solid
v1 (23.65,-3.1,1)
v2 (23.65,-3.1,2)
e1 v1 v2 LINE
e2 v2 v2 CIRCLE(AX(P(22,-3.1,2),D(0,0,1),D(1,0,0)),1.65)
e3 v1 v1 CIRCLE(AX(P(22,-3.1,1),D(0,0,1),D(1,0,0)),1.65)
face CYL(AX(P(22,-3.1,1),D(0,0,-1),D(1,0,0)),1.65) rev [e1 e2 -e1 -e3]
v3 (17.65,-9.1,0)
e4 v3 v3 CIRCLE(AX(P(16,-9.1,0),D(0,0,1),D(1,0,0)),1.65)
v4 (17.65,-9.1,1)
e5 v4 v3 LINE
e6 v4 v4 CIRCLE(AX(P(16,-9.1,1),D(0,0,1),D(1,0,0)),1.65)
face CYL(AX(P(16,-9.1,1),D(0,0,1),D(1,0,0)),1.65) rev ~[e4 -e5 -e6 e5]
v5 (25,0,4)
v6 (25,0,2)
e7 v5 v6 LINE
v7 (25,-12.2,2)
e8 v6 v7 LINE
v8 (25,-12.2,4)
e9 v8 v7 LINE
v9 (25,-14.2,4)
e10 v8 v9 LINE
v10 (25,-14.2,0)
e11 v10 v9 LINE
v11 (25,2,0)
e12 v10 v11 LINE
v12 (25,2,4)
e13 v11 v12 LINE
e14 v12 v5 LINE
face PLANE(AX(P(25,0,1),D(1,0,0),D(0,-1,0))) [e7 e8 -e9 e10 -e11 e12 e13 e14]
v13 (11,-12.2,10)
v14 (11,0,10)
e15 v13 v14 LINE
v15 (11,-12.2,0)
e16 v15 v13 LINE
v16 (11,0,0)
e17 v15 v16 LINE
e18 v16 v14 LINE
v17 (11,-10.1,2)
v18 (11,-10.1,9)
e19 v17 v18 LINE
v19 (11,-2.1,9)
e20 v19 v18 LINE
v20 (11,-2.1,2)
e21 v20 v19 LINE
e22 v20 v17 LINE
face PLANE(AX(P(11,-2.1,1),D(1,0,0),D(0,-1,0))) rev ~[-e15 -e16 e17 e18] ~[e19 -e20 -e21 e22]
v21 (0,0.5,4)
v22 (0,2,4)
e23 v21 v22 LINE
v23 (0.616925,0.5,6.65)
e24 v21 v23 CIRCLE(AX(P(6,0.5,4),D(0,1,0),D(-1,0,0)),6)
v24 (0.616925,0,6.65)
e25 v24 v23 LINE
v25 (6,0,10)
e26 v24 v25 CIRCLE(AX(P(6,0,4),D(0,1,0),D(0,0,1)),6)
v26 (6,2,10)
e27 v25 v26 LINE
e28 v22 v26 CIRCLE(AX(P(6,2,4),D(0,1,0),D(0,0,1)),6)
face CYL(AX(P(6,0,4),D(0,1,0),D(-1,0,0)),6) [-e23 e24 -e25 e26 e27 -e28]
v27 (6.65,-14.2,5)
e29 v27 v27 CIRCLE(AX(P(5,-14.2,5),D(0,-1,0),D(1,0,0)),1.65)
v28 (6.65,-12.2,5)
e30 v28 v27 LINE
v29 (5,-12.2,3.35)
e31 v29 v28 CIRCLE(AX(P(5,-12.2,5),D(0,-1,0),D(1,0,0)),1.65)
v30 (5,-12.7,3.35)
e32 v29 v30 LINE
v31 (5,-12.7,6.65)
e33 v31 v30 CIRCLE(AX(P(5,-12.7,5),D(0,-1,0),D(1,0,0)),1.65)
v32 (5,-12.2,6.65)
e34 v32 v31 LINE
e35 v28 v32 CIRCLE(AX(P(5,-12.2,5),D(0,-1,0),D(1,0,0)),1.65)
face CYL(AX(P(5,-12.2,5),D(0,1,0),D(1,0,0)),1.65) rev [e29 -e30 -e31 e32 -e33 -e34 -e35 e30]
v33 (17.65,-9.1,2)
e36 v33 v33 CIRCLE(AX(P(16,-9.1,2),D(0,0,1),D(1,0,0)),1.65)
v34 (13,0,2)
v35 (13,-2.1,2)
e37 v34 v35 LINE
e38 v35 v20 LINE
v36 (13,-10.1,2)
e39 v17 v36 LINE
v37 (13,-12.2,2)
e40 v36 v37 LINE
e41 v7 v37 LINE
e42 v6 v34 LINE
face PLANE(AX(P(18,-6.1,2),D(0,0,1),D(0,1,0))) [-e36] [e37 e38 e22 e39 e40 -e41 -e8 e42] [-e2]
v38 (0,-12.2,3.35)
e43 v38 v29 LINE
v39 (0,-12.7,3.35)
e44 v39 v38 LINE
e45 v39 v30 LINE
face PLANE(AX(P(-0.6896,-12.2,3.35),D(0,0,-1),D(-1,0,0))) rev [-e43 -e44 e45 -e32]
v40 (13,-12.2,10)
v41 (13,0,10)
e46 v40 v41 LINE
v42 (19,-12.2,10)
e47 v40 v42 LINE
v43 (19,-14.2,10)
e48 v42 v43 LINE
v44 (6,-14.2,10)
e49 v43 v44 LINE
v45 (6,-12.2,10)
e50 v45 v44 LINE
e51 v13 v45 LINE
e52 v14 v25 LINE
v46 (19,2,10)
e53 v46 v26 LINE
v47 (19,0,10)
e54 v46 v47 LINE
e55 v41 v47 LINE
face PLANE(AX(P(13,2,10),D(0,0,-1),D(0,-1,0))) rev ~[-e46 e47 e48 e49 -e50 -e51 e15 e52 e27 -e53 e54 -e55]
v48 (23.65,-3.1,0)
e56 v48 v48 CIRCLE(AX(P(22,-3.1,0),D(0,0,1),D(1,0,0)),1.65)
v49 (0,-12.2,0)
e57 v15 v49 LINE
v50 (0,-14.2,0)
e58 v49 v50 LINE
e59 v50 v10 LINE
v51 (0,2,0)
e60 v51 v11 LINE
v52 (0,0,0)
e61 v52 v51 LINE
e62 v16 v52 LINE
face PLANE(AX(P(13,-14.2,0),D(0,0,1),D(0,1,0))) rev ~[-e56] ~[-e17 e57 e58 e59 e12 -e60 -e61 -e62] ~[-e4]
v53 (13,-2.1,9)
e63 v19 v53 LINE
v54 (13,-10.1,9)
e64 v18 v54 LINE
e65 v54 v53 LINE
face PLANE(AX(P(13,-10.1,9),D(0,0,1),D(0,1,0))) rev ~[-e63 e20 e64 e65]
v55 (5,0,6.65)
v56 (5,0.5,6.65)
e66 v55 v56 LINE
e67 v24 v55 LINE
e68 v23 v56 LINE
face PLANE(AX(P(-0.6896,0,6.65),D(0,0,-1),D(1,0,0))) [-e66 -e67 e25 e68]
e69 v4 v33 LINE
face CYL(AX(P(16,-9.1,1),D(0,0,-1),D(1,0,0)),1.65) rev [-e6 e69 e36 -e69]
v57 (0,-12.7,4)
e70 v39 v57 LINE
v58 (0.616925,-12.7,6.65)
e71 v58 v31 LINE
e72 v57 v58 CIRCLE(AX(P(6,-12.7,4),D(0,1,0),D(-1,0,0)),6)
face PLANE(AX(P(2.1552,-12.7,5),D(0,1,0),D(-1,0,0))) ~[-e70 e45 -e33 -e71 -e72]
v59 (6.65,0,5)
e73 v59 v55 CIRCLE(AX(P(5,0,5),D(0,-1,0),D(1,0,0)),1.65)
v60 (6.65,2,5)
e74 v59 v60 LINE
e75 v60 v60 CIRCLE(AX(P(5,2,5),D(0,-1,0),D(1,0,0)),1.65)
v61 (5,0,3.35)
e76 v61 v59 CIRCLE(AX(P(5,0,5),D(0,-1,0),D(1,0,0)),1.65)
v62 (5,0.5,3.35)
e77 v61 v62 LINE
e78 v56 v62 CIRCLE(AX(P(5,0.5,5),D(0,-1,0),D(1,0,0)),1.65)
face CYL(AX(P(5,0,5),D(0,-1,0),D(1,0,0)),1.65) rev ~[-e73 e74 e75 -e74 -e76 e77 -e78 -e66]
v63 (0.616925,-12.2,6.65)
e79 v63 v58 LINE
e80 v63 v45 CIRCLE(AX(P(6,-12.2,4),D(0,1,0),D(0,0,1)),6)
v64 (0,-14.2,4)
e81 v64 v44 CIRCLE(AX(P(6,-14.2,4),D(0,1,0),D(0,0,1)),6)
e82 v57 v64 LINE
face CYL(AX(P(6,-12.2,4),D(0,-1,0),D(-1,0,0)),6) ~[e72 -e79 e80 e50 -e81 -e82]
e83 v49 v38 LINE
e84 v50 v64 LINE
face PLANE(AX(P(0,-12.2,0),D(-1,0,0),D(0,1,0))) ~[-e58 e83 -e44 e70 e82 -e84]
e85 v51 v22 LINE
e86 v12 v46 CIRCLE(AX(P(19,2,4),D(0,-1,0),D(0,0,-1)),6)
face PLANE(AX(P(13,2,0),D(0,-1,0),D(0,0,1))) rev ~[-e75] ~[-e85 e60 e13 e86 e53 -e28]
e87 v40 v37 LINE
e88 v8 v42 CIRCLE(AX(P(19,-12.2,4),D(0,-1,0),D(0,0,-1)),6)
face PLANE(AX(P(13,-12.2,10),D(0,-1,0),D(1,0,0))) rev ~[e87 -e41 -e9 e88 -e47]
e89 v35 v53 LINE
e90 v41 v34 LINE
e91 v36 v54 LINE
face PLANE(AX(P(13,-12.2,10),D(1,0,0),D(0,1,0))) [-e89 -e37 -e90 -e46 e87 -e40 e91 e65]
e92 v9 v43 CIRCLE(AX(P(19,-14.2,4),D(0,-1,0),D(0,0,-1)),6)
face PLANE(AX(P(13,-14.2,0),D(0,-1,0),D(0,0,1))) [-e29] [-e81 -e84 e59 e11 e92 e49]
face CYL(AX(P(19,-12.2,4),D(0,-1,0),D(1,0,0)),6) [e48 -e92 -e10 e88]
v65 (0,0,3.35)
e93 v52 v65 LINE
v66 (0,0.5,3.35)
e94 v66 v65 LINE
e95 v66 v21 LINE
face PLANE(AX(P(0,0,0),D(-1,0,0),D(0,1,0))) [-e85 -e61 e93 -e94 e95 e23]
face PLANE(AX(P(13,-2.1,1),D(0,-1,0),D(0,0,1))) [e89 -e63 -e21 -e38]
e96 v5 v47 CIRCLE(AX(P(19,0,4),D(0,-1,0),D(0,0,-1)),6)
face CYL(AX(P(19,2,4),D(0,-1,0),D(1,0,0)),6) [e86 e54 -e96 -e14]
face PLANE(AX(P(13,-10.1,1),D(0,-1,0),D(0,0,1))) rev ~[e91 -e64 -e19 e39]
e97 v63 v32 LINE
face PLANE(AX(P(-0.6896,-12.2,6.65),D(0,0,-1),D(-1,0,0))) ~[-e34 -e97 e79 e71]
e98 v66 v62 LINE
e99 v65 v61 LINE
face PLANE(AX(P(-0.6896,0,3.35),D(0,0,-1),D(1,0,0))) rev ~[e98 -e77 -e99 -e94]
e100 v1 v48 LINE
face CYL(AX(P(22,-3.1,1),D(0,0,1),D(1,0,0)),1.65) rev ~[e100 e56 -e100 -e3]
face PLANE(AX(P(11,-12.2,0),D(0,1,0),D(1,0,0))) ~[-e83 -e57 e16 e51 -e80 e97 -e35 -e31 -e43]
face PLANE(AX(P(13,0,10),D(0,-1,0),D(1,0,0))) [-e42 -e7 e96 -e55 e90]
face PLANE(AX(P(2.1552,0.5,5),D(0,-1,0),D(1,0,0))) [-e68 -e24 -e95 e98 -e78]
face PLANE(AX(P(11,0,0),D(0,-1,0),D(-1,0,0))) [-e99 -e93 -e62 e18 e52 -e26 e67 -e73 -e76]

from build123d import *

# Parameters (mm, degrees)
EXTRUDE_2_DEPTH     = 10
SKETCH_3_R          = 1.5
EXTRUDE_3_DEPTH     = 1.5
SKETCH_5_R          = 1.65
CUT_EXTRUDE_2_DEPTH = 27.084669827
FILLET_1_R          = 6
SKETCH_6_W          = 10
SKETCH_6_H          = 1
SKETCH_6_W_2        = 5
EXTRUDE_4_DEPTH     = 4
SKETCH_7_W          = 5.689599517
SKETCH_7_H          = 3.3
CUT_EXTRUDE_3_DEPTH = 0.5
SKETCH_8_W          = 14.19653451
SKETCH_8_H          = 16.2
CUT_EXTRUDE_4_DEPTH = 30.624989451
MOVE_FACE_1_BY      = 12
CUT_EXTRUDE_5_REACH = 32.441
SKETCH_9_W          = 16.770919553
SKETCH_9_H          = 12.2
SKETCH_10_R         = 1.65
CUT_EXTRUDE_6_DEPTH = 31.127064245
FILLET_2_R          = 6
MOVE_FACE_2_BY      = 1


with BuildPart() as part:
    # Эскиз2 → Бобышка-Вытянуть2 (new body)
    with BuildSketch(Plane.XY):
        Polygon((0, 0), (0, 2), (13, 2), (13, -0.1), (24, -0.1), (24, -2.1), (11, -2.1), (11, 0), align=None)
    extrude(amount=EXTRUDE_2_DEPTH)

    # Эскиз3 → Бобышка-Вытянуть3 (add)
    with BuildSketch(Plane(origin=(0, -0.1, 0), x_dir=(1, 0, 0), z_dir=(0, 1, 0))):
        with Locations(Location((18.1, -5, 0), (0, 0, 90))):
            Circle(SKETCH_3_R)
    extrude(amount=EXTRUDE_3_DEPTH)

    # Эскиз5 → Вырез-Вытянуть2 (cut, through all)
    with BuildSketch(Plane.XZ):
        with Locations((5, 5)):
            Circle(SKETCH_5_R)
    extrude(amount=-CUT_EXTRUDE_2_DEPTH, mode=Mode.SUBTRACT)

    # Скругление1
    fillet_1_edges = [part.edges().sort_by_distance(p)[0] for p in [
        (24, -1.1, 10),
        (0, 1, 10),
    ]]
    fillet(fillet_1_edges, radius=FILLET_1_R)

    # Эскиз6 → Бобышка-Вытянуть4 (add)
    with BuildSketch(Plane(origin=(0, -2.1, 0), x_dir=(-1, 0, 0), z_dir=(0, -1, 0))):
        with Locations((-16, -0.5)):
            Rectangle(SKETCH_6_W, SKETCH_6_H)
        with Locations((-13.5, -9.5)):
            Rectangle(SKETCH_6_W_2, SKETCH_6_H)
    extrude(amount=EXTRUDE_4_DEPTH)

    # Эскиз7 → Вырез-Вытянуть3 (cut)
    with BuildSketch(Plane.XZ):
        with Locations((2.155200242, 5)):
            Rectangle(SKETCH_7_W, SKETCH_7_H)
    extrude(amount=-CUT_EXTRUDE_3_DEPTH, mode=Mode.SUBTRACT)

    # Зеркальное отражение1: part across plane


with BuildPart() as part_1:
    add(part.part)
    add(part.part.mirror(Plane.ZX.offset(-6.1)))

    # Эскиз8 → Вырез-Вытянуть4 (cut, through all)
    with BuildSketch(Plane.XY.offset(10)):
        with Locations((20.098267255, -6.1)):
            Rectangle(SKETCH_8_W, SKETCH_8_H)
    extrude(amount=-CUT_EXTRUDE_4_DEPTH, mode=Mode.SUBTRACT)

    # Move Face 1: a face moved outward by 12.0
    extrude(part_1.faces().sort_by_distance((13, -10.15, 5))[0], amount=MOVE_FACE_1_BY, dir=(1, 0, 0))

    # Вырез-Вытянуть5: up to this face of the body (flat: up to its plane)
    cut_extrude_5_end = Plane(part_1.part.faces().sort_by_distance((18, -6.1, 1))[0])
    # Эскиз9 → Вырез-Вытянуть5 (cut, up to the picked face)
    with BuildSketch(Plane.XY.offset(10), mode=Mode.PRIVATE) as cut_extrude_5_sk1:
        with Locations((21.385459776, -6.1)):
            Rectangle(SKETCH_9_W, SKETCH_9_H)
    cut_extrude_5_tool1 = split(extrude(cut_extrude_5_sk1.sketch, amount=-CUT_EXTRUDE_5_REACH, mode=Mode.PRIVATE), bisect_by=cut_extrude_5_end, keep=Keep.BOTH, mode=Mode.PRIVATE)
    add(cut_extrude_5_tool1.solids().sort_by(Axis((21.38546, -6.1, 10), (0, 0, -1)))[0], mode=Mode.SUBTRACT)

    # Эскиз10 → Вырез-Вытянуть6 (cut, through all)
    with BuildSketch(Plane.XY.offset(1)):
        with Locations((16, -9.1)):
            Circle(SKETCH_10_R)
        with Locations((22, -3.1)):
            Circle(SKETCH_10_R)
    extrude(amount=-CUT_EXTRUDE_6_DEPTH, mode=Mode.SUBTRACT)

    # Скругление2
    fillet_2_edges = [part_1.edges().sort_by_distance(p)[0] for p in [
        (25, -13.2, 10),
        (25, 1, 10),
    ]]
    fillet(fillet_2_edges, radius=FILLET_2_R)

    # Move Face 2: a face moved outward by 1.0
    extrude(part_1.faces().sort_by_distance((18.229149322, -6.1, 1))[0], amount=MOVE_FACE_2_BY, dir=(0, 0, 1))


solid = part_1.part
